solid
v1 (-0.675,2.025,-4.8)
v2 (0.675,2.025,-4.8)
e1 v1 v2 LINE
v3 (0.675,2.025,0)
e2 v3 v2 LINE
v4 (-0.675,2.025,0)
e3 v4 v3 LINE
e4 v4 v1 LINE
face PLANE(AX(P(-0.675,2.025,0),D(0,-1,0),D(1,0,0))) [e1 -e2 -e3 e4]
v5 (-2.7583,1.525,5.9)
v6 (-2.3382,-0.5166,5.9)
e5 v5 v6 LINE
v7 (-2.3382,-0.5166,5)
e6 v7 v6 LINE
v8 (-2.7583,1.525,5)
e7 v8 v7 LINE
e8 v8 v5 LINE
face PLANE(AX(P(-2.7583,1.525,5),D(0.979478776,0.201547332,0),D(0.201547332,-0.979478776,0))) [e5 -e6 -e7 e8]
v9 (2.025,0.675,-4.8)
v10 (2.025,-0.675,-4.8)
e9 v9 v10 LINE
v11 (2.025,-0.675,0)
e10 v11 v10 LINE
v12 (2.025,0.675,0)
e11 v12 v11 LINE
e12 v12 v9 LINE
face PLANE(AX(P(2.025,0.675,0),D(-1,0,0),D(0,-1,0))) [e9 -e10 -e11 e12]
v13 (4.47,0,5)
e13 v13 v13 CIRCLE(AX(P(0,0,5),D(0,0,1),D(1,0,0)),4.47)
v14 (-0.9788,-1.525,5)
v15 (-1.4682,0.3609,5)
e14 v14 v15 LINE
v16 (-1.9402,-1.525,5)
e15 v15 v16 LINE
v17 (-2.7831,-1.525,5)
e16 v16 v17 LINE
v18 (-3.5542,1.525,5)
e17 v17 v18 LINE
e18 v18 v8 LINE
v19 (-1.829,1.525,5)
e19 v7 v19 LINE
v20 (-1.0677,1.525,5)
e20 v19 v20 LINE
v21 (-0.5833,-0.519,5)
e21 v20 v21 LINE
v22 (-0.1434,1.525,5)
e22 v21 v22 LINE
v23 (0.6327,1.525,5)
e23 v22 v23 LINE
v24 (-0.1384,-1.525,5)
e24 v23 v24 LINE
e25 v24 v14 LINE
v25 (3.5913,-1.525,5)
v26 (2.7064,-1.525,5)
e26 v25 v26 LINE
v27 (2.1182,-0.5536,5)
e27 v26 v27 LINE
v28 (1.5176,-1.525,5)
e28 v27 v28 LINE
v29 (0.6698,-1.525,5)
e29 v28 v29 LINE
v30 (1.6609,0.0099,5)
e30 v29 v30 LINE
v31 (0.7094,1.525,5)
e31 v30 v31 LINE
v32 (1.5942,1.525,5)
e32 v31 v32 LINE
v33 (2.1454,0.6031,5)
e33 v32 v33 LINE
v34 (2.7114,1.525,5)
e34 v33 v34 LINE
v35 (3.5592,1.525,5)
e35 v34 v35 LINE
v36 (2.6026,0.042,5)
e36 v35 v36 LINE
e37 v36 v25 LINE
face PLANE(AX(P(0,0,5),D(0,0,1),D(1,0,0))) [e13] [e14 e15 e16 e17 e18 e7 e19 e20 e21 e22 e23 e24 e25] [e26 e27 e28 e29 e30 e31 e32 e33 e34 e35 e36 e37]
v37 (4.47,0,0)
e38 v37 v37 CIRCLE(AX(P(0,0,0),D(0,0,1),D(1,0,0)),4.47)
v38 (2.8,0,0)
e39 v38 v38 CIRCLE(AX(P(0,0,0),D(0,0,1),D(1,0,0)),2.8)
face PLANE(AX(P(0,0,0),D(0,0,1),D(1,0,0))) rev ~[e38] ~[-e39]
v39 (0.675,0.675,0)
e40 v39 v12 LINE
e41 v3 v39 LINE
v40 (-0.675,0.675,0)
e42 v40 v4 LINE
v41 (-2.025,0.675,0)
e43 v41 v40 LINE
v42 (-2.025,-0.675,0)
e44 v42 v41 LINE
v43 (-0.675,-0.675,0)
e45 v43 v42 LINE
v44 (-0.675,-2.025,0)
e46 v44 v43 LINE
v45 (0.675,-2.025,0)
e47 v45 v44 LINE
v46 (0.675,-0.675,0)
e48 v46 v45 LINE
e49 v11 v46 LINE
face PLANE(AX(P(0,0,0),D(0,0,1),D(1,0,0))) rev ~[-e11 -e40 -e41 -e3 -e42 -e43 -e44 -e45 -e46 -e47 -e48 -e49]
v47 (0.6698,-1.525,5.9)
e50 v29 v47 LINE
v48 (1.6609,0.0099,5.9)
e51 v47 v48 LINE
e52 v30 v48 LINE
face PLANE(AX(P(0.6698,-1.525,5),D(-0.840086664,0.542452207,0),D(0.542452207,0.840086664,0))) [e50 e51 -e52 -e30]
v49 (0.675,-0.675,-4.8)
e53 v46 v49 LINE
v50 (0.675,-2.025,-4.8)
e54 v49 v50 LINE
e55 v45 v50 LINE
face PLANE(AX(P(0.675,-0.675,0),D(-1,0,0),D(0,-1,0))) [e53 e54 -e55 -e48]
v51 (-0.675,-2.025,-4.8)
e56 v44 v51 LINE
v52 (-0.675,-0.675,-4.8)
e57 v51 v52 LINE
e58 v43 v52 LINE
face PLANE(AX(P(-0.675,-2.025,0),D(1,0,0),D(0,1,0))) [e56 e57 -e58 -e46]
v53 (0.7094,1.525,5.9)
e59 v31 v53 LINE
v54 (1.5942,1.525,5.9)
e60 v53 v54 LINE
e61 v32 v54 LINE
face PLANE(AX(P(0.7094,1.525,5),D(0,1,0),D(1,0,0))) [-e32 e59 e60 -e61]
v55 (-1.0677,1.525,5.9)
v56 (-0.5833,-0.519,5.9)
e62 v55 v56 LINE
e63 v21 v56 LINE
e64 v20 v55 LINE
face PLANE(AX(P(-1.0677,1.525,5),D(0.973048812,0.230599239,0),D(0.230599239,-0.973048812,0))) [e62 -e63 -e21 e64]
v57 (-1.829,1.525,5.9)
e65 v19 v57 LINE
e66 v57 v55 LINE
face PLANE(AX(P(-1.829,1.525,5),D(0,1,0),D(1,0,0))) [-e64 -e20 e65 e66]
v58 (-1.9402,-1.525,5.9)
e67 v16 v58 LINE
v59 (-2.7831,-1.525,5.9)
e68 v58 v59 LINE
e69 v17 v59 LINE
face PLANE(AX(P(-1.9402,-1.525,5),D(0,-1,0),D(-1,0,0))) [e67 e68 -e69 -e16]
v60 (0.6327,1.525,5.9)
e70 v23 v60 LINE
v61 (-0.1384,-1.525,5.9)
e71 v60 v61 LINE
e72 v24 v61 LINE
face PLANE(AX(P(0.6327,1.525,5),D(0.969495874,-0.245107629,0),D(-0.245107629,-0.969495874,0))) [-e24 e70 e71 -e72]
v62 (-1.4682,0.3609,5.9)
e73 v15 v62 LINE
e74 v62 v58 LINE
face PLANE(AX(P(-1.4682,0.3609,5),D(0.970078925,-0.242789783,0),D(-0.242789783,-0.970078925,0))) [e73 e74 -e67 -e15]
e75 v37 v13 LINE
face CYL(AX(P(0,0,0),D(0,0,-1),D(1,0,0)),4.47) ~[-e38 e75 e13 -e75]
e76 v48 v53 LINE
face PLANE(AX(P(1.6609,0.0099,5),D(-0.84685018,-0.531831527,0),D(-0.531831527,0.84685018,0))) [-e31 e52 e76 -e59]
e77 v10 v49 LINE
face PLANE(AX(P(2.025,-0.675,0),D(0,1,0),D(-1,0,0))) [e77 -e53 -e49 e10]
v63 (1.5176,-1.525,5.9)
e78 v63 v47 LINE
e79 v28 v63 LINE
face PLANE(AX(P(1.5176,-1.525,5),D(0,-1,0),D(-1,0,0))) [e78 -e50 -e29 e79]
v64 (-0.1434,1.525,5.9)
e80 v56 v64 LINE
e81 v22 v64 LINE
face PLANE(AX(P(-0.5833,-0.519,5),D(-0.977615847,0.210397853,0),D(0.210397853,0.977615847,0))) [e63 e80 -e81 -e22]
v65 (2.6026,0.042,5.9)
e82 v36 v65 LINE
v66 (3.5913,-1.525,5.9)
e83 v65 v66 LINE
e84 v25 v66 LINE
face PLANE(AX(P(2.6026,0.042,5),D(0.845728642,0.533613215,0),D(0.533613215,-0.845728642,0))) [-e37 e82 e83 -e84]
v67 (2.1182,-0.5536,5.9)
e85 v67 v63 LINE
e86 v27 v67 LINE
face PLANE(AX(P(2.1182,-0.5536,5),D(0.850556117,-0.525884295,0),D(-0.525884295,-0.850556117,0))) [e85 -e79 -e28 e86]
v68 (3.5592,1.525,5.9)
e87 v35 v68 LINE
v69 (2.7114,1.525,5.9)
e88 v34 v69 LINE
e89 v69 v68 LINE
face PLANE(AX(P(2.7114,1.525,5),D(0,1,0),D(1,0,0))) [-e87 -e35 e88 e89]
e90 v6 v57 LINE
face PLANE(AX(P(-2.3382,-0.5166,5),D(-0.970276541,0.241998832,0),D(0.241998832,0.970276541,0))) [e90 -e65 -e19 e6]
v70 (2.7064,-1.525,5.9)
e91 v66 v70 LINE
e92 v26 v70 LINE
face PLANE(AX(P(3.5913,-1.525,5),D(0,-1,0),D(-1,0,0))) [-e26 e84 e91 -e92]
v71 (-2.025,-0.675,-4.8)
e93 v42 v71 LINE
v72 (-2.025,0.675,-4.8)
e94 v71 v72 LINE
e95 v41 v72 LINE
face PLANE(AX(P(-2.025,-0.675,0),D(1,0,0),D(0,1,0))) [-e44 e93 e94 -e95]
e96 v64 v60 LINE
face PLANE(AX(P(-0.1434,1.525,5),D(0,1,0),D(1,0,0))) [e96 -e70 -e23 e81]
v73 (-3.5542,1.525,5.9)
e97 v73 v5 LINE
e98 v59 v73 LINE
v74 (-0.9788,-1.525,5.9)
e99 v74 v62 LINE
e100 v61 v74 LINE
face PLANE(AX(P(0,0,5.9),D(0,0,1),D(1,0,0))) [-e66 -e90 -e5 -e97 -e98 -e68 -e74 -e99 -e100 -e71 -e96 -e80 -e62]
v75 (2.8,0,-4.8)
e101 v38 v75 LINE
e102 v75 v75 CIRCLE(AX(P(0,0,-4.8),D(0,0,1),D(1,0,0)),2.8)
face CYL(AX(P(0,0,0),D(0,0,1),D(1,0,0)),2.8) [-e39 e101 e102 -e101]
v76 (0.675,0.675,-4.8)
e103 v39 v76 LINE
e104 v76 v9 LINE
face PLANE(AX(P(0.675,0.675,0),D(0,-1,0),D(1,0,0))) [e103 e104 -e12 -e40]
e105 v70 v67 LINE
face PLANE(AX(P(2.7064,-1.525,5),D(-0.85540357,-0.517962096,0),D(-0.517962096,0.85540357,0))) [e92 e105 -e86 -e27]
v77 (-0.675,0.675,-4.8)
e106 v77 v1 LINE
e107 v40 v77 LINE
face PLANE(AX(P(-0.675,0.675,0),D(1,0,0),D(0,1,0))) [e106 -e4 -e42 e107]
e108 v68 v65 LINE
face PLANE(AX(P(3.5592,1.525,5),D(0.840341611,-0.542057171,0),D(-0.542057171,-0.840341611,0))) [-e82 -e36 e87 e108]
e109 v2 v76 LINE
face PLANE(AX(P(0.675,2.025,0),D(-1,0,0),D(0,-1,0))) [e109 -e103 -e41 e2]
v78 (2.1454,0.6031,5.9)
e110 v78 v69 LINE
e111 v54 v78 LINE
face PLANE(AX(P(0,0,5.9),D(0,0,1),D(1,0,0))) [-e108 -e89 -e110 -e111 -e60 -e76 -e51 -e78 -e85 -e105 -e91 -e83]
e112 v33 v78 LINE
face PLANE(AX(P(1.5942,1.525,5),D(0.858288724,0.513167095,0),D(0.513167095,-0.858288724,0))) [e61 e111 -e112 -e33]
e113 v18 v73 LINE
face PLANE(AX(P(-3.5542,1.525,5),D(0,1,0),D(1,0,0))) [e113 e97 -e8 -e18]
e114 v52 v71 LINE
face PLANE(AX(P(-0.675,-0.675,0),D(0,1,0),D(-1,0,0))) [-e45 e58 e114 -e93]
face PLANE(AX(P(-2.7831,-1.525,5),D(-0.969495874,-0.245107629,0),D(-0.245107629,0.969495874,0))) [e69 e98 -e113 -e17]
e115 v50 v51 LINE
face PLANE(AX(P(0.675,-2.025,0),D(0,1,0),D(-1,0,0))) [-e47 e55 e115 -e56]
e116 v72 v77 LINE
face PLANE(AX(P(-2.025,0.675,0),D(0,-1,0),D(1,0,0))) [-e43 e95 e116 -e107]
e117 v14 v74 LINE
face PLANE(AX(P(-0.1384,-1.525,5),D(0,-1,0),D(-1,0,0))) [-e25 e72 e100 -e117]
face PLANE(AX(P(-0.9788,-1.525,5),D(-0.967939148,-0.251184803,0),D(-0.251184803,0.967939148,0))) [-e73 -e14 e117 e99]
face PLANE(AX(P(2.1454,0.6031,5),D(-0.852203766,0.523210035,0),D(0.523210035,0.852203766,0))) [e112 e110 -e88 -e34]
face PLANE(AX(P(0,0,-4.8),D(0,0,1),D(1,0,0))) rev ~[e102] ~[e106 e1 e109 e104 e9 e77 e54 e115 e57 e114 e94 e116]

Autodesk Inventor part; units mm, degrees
ref_plane "YZ Plane" through (0, 0, 0) normal (1, 0, 0) x (0, 1, 0)
ref_plane "XZ Plane" through (0, 0, 0) normal (0, 1, 0) x (-1, 0, 0)
ref_plane "XY Plane" through (0, 0, 0) normal (0, 0, 1) x (1, 0, 0)
sketch "Sketch1" plane through (0, 0, 0) normal (0, 0, 1) x (1, 0, 0)
  circle A0 centre (0, 0) radius 2.8
  line L0 (-0.675, 0.675) -> (-0.675, 2.025)
  line L1 (-0.675, 2.025) -> (0.675, 2.025)
  line L2 (0.675, 2.025) -> (0.675, 0.675)
  line L3 (0.675, 0.675) -> (2.025, 0.675)
  line L4 (2.025, 0.675) -> (2.025, -0.675)
  line L5 (2.025, -0.675) -> (0.675, -0.675)
  line L6 (0.675, -0.675) -> (0.675, -2.025)
  line L7 (0.675, -2.025) -> (-0.675, -2.025)
  line L8 (-0.675, -2.025) -> (-0.675, -0.675)
  line L9 (-0.675, -0.675) -> (-2.025, -0.675)
  line L10 (-2.025, -0.675) -> (-2.025, 0.675)
  line L11 (-2.025, 0.675) -> (-0.675, 0.675)
  circle A1 centre (0, 0) radius 4.94 construction
  circle A2 centre (0, 0) radius 4.47
  point P0 (-6.07, -6.1)
  dimension "d16" = 9.88
  dimension "d17" = 0.47
extrude "Extrusion8" add sketch "Sketch1" along normal blind 5 contours A0 | L0 L1 L2 L3 L4 L5 L6 L7 L8 L9 L10 L11 | A2
extrude "Extrusion9" add sketch "Sketch1" against normal blind 4.8 contours A0
sketch "Sketch4" plane through (0, 0, 5) normal (0, 0, 1) x (1, 0, 0)
  line L0 (-3.616, 1.525) -> (3.616, 1.525) construction
  line L1 (3.616, 1.525) -> (3.616, -1.525) construction
  line L2 (3.616, -1.525) -> (-3.616, -1.525) construction
  line L3 (-3.616, -1.525) -> (-3.616, 1.525) construction
  line L4 (0.6327, 1.525) -> (-0.1384, -1.525)
  line L5 (-0.1384, -1.525) -> (-0.9788, -1.525)
  line L6 (-0.9788, -1.525) -> (-1.4682, 0.3609)
  line L7 (-1.4682, 0.3609) -> (-1.9402, -1.525)
  line L8 (-1.9402, -1.525) -> (-2.7831, -1.525)
  line L9 (-2.7831, -1.525) -> (-3.5542, 1.525)
  line L10 (-3.5542, 1.525) -> (-2.7583, 1.525)
  line L11 (-2.7583, 1.525) -> (-2.3382, -0.5166)
  line L12 (-2.3382, -0.5166) -> (-1.829, 1.525)
  line L13 (-1.829, 1.525) -> (-1.0677, 1.525)
  line L14 (-1.0677, 1.525) -> (-0.5833, -0.519)
  line L15 (-0.5833, -0.519) -> (-0.1434, 1.525)
  line L16 (-0.1434, 1.525) -> (0.6327, 1.525)
  line L17 (3.5913, -1.525) -> (2.7064, -1.525)
  line L18 (2.7064, -1.525) -> (2.1182, -0.5536)
  line L19 (2.1182, -0.5536) -> (1.5176, -1.525)
  line L20 (1.5176, -1.525) -> (0.6698, -1.525)
  line L21 (0.6698, -1.525) -> (1.6609, 0.0099)
  line L22 (1.6609, 0.0099) -> (0.7094, 1.525)
  line L23 (0.7094, 1.525) -> (1.5942, 1.525)
  line L24 (1.5942, 1.525) -> (2.1454, 0.6031)
  line L25 (2.1454, 0.6031) -> (2.7114, 1.525)
  line L26 (2.7114, 1.525) -> (3.5592, 1.525)
  line L27 (3.5592, 1.525) -> (2.6026, 0.042)
  line L28 (2.6026, 0.042) -> (3.5913, -1.525)
  point P0 (0, 0)
  point P1 (0, -1.525)
  point P2 (3.616, 0)
  point P3 (0, 0)
  point P4 (0, 0)
extrude "Extrusion10" add sketch "Sketch4" along normal blind 0.9
properties part number "IPC WX key"
